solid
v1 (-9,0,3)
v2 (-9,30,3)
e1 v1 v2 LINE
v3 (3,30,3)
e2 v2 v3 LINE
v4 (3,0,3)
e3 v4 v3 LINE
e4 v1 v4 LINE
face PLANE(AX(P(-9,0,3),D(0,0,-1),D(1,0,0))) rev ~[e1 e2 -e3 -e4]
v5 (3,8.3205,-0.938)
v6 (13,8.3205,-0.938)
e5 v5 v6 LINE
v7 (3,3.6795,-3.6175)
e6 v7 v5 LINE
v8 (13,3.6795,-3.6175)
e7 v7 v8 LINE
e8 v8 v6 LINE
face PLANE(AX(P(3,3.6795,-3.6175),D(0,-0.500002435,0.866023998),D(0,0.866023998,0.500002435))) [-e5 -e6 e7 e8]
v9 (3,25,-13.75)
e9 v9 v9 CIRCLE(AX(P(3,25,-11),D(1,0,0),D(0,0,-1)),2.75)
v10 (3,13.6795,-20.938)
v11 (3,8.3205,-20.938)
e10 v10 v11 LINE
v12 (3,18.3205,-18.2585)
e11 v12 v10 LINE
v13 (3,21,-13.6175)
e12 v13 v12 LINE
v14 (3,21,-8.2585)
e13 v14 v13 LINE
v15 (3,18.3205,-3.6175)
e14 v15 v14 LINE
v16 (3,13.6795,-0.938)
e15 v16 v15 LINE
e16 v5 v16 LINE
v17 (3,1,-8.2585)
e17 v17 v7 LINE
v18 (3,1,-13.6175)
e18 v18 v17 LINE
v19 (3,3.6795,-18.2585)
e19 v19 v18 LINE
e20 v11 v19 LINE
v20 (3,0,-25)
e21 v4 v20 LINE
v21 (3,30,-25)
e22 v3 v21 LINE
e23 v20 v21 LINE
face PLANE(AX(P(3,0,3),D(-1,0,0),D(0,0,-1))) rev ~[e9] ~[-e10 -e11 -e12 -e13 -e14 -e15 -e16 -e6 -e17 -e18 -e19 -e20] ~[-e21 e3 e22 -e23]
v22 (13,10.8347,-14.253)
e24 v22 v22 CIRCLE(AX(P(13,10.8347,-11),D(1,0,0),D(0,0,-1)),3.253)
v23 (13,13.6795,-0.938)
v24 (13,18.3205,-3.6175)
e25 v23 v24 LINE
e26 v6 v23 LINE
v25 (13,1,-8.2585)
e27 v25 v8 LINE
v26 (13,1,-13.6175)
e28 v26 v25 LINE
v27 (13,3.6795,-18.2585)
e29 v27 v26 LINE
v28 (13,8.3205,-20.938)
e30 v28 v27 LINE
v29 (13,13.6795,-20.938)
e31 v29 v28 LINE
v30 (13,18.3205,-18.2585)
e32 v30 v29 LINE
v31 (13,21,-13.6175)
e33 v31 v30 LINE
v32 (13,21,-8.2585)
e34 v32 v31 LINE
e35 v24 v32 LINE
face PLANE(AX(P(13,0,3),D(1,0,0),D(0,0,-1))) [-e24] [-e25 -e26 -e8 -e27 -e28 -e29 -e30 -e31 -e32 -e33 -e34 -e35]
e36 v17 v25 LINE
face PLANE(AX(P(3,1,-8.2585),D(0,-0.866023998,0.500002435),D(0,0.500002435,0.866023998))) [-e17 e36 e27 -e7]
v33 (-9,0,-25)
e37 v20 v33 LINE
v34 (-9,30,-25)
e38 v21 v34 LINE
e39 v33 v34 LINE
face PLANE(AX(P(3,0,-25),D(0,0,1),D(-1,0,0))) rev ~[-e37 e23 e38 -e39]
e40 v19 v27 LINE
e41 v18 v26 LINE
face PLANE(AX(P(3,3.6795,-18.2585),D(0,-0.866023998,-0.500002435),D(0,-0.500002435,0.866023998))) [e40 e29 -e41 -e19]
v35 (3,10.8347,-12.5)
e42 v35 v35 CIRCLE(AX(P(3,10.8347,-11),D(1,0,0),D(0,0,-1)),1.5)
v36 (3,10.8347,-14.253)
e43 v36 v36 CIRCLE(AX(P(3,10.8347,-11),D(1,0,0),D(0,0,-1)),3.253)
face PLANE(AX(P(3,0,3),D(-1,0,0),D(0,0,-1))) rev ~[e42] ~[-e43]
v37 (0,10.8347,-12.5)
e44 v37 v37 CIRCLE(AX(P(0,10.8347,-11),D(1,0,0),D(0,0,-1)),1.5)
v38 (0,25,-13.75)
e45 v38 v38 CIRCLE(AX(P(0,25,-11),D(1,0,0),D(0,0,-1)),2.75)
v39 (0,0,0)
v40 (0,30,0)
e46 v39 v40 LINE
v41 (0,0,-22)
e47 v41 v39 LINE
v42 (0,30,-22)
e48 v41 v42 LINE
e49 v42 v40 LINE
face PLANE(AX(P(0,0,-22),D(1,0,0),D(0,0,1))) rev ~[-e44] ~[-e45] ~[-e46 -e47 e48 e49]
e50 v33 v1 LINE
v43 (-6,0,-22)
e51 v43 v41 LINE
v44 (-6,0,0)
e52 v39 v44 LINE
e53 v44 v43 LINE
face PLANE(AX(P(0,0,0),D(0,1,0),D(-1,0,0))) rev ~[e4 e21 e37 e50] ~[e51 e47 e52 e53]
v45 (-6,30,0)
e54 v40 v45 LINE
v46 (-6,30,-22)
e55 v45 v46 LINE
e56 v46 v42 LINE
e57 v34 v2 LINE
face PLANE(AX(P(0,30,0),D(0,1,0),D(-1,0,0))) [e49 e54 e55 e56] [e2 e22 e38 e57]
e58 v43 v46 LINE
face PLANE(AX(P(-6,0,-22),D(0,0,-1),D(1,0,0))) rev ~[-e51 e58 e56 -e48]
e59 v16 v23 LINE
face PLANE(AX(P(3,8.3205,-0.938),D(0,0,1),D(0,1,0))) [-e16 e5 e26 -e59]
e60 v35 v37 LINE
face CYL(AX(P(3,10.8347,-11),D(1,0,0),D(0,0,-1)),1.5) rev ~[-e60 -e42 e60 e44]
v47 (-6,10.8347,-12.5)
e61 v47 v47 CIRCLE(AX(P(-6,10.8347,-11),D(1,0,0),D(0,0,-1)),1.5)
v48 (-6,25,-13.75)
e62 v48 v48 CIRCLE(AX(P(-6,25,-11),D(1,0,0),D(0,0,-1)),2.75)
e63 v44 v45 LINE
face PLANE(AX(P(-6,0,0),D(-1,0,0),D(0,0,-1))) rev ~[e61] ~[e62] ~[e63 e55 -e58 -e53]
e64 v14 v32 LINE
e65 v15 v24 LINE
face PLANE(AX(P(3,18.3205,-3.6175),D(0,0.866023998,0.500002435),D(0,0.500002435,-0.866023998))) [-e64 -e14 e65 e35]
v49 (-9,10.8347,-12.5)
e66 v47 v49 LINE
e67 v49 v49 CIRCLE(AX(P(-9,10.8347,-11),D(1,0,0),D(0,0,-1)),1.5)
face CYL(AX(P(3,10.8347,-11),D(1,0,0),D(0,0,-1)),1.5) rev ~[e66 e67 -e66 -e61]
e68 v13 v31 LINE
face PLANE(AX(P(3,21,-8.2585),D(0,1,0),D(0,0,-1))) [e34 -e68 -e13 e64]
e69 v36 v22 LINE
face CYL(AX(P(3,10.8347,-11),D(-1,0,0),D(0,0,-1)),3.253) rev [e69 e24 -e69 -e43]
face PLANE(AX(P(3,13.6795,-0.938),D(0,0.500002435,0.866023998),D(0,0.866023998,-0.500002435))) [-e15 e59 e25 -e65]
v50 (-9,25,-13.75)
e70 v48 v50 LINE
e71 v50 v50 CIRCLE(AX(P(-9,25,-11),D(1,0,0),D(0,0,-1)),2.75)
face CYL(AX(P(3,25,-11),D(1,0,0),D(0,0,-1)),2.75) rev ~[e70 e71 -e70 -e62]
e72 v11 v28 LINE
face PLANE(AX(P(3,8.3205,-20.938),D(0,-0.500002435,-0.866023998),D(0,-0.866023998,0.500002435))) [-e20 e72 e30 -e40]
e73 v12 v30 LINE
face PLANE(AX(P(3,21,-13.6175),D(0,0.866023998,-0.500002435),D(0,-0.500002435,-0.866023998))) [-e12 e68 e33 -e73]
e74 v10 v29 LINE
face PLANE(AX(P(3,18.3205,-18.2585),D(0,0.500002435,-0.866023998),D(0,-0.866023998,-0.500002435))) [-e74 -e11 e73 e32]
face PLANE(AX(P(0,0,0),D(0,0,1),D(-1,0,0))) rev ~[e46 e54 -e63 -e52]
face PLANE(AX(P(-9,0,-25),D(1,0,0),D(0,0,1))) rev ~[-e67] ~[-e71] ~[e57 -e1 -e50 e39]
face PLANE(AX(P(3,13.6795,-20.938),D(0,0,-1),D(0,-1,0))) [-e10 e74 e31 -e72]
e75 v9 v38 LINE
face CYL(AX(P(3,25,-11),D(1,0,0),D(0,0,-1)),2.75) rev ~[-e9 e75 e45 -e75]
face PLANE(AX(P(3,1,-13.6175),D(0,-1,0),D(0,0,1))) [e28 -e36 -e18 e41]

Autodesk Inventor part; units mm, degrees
ref_plane "YZ Plane" through (0, 0, 0) normal (1, 0, 0) x (0, 1, 0)
ref_plane "XZ Plane" through (0, 0, 0) normal (0, 1, 0) x (-1, 0, 0)
ref_plane "XY Plane" through (0, 0, 0) normal (0, 0, 1) x (1, 0, 0)
sketch "Sketch1" plane through (0, 0, 0) normal (0, 1, 0) x (-1, 0, 0)
  line L0 (0, 0) -> (6, 0)
  line L1 (6, 0) -> (6, -22)
  line L2 (6, -22) -> (0, -22)
  line L3 (0, -22) -> (0, 0)
  line L4 (9, 3) -> (-3, 3)
  line L5 (-3, 3) -> (-3, -25)
  line L6 (-3, -25) -> (9, -25)
  line L7 (9, -25) -> (9, 3)
  point P0 (3, 0)
  point P1 (3, -25)
  dimension "d0" = 22
  dimension "d1" = 6
  dimension "d2" = 3
  dimension "d3" = 3
  dimension "d4" = 3
  dimension "d5" = 3
extrude "Extrusion1" add sketch "Sketch1" along normal blind 30
sketch "Sketch2" plane through (3, 0, 3) normal (1, 0, 0) x (0, 0, -1)
  circle A0 centre (14, 25) radius 2.75
  line L0 (0, 30) -> (28, 30) projected
  point P0 (3, 0)
  dimension "d8" = 5.5
  dimension "d11" = 5
extrude "Extrusion2" cut sketch "Sketch2" against normal blind 30
sketch "Sketch3" plane through (3, 0, 3) normal (1, 0, 0) x (0, 0, -1)
  line L0 (6.6175, 3.6795) -> (3.938, 8.3205)
  line L1 (3.938, 8.3205) -> (3.938, 13.6795)
  line L2 (3.938, 13.6795) -> (6.6175, 18.3205)
  line L3 (6.6175, 18.3205) -> (11.2585, 21)
  line L4 (11.2585, 21) -> (16.6175, 21)
  line L5 (16.6175, 21) -> (21.2585, 18.3205)
  line L6 (21.2585, 18.3205) -> (23.938, 13.6795)
  line L7 (23.938, 13.6795) -> (23.938, 8.3205)
  line L8 (23.938, 8.3205) -> (21.2585, 3.6795)
  line L9 (21.2585, 3.6795) -> (16.6175, 1)
  line L10 (16.6175, 1) -> (11.2585, 1)
  line L11 (11.2585, 1) -> (6.6175, 3.6795)
  line L12 (0, 30) -> (28, 30) projected
  circle A0 centre (14, 10.8347) radius 3.253
  point P0 (3, 0)
  point P1 (13.938, 11)
  dimension "d12" = 10
  dimension "d13" = 19
extrude "Extrusion3" add sketch "Sketch3" along normal blind 10
sketch "Sketch5" plane through (3, 10.8347, -11) normal (1, 0, 0) x (0, 0, -1)
  circle A0 centre (0, 0) radius 1.5
  point P0 (-11, -10.8347)
  dimension "d18" = 3
extrude "Extrusion5" cut sketch "Sketch5" against normal blind 12
properties part number "RollX" material "Thermoplastic Resin"
